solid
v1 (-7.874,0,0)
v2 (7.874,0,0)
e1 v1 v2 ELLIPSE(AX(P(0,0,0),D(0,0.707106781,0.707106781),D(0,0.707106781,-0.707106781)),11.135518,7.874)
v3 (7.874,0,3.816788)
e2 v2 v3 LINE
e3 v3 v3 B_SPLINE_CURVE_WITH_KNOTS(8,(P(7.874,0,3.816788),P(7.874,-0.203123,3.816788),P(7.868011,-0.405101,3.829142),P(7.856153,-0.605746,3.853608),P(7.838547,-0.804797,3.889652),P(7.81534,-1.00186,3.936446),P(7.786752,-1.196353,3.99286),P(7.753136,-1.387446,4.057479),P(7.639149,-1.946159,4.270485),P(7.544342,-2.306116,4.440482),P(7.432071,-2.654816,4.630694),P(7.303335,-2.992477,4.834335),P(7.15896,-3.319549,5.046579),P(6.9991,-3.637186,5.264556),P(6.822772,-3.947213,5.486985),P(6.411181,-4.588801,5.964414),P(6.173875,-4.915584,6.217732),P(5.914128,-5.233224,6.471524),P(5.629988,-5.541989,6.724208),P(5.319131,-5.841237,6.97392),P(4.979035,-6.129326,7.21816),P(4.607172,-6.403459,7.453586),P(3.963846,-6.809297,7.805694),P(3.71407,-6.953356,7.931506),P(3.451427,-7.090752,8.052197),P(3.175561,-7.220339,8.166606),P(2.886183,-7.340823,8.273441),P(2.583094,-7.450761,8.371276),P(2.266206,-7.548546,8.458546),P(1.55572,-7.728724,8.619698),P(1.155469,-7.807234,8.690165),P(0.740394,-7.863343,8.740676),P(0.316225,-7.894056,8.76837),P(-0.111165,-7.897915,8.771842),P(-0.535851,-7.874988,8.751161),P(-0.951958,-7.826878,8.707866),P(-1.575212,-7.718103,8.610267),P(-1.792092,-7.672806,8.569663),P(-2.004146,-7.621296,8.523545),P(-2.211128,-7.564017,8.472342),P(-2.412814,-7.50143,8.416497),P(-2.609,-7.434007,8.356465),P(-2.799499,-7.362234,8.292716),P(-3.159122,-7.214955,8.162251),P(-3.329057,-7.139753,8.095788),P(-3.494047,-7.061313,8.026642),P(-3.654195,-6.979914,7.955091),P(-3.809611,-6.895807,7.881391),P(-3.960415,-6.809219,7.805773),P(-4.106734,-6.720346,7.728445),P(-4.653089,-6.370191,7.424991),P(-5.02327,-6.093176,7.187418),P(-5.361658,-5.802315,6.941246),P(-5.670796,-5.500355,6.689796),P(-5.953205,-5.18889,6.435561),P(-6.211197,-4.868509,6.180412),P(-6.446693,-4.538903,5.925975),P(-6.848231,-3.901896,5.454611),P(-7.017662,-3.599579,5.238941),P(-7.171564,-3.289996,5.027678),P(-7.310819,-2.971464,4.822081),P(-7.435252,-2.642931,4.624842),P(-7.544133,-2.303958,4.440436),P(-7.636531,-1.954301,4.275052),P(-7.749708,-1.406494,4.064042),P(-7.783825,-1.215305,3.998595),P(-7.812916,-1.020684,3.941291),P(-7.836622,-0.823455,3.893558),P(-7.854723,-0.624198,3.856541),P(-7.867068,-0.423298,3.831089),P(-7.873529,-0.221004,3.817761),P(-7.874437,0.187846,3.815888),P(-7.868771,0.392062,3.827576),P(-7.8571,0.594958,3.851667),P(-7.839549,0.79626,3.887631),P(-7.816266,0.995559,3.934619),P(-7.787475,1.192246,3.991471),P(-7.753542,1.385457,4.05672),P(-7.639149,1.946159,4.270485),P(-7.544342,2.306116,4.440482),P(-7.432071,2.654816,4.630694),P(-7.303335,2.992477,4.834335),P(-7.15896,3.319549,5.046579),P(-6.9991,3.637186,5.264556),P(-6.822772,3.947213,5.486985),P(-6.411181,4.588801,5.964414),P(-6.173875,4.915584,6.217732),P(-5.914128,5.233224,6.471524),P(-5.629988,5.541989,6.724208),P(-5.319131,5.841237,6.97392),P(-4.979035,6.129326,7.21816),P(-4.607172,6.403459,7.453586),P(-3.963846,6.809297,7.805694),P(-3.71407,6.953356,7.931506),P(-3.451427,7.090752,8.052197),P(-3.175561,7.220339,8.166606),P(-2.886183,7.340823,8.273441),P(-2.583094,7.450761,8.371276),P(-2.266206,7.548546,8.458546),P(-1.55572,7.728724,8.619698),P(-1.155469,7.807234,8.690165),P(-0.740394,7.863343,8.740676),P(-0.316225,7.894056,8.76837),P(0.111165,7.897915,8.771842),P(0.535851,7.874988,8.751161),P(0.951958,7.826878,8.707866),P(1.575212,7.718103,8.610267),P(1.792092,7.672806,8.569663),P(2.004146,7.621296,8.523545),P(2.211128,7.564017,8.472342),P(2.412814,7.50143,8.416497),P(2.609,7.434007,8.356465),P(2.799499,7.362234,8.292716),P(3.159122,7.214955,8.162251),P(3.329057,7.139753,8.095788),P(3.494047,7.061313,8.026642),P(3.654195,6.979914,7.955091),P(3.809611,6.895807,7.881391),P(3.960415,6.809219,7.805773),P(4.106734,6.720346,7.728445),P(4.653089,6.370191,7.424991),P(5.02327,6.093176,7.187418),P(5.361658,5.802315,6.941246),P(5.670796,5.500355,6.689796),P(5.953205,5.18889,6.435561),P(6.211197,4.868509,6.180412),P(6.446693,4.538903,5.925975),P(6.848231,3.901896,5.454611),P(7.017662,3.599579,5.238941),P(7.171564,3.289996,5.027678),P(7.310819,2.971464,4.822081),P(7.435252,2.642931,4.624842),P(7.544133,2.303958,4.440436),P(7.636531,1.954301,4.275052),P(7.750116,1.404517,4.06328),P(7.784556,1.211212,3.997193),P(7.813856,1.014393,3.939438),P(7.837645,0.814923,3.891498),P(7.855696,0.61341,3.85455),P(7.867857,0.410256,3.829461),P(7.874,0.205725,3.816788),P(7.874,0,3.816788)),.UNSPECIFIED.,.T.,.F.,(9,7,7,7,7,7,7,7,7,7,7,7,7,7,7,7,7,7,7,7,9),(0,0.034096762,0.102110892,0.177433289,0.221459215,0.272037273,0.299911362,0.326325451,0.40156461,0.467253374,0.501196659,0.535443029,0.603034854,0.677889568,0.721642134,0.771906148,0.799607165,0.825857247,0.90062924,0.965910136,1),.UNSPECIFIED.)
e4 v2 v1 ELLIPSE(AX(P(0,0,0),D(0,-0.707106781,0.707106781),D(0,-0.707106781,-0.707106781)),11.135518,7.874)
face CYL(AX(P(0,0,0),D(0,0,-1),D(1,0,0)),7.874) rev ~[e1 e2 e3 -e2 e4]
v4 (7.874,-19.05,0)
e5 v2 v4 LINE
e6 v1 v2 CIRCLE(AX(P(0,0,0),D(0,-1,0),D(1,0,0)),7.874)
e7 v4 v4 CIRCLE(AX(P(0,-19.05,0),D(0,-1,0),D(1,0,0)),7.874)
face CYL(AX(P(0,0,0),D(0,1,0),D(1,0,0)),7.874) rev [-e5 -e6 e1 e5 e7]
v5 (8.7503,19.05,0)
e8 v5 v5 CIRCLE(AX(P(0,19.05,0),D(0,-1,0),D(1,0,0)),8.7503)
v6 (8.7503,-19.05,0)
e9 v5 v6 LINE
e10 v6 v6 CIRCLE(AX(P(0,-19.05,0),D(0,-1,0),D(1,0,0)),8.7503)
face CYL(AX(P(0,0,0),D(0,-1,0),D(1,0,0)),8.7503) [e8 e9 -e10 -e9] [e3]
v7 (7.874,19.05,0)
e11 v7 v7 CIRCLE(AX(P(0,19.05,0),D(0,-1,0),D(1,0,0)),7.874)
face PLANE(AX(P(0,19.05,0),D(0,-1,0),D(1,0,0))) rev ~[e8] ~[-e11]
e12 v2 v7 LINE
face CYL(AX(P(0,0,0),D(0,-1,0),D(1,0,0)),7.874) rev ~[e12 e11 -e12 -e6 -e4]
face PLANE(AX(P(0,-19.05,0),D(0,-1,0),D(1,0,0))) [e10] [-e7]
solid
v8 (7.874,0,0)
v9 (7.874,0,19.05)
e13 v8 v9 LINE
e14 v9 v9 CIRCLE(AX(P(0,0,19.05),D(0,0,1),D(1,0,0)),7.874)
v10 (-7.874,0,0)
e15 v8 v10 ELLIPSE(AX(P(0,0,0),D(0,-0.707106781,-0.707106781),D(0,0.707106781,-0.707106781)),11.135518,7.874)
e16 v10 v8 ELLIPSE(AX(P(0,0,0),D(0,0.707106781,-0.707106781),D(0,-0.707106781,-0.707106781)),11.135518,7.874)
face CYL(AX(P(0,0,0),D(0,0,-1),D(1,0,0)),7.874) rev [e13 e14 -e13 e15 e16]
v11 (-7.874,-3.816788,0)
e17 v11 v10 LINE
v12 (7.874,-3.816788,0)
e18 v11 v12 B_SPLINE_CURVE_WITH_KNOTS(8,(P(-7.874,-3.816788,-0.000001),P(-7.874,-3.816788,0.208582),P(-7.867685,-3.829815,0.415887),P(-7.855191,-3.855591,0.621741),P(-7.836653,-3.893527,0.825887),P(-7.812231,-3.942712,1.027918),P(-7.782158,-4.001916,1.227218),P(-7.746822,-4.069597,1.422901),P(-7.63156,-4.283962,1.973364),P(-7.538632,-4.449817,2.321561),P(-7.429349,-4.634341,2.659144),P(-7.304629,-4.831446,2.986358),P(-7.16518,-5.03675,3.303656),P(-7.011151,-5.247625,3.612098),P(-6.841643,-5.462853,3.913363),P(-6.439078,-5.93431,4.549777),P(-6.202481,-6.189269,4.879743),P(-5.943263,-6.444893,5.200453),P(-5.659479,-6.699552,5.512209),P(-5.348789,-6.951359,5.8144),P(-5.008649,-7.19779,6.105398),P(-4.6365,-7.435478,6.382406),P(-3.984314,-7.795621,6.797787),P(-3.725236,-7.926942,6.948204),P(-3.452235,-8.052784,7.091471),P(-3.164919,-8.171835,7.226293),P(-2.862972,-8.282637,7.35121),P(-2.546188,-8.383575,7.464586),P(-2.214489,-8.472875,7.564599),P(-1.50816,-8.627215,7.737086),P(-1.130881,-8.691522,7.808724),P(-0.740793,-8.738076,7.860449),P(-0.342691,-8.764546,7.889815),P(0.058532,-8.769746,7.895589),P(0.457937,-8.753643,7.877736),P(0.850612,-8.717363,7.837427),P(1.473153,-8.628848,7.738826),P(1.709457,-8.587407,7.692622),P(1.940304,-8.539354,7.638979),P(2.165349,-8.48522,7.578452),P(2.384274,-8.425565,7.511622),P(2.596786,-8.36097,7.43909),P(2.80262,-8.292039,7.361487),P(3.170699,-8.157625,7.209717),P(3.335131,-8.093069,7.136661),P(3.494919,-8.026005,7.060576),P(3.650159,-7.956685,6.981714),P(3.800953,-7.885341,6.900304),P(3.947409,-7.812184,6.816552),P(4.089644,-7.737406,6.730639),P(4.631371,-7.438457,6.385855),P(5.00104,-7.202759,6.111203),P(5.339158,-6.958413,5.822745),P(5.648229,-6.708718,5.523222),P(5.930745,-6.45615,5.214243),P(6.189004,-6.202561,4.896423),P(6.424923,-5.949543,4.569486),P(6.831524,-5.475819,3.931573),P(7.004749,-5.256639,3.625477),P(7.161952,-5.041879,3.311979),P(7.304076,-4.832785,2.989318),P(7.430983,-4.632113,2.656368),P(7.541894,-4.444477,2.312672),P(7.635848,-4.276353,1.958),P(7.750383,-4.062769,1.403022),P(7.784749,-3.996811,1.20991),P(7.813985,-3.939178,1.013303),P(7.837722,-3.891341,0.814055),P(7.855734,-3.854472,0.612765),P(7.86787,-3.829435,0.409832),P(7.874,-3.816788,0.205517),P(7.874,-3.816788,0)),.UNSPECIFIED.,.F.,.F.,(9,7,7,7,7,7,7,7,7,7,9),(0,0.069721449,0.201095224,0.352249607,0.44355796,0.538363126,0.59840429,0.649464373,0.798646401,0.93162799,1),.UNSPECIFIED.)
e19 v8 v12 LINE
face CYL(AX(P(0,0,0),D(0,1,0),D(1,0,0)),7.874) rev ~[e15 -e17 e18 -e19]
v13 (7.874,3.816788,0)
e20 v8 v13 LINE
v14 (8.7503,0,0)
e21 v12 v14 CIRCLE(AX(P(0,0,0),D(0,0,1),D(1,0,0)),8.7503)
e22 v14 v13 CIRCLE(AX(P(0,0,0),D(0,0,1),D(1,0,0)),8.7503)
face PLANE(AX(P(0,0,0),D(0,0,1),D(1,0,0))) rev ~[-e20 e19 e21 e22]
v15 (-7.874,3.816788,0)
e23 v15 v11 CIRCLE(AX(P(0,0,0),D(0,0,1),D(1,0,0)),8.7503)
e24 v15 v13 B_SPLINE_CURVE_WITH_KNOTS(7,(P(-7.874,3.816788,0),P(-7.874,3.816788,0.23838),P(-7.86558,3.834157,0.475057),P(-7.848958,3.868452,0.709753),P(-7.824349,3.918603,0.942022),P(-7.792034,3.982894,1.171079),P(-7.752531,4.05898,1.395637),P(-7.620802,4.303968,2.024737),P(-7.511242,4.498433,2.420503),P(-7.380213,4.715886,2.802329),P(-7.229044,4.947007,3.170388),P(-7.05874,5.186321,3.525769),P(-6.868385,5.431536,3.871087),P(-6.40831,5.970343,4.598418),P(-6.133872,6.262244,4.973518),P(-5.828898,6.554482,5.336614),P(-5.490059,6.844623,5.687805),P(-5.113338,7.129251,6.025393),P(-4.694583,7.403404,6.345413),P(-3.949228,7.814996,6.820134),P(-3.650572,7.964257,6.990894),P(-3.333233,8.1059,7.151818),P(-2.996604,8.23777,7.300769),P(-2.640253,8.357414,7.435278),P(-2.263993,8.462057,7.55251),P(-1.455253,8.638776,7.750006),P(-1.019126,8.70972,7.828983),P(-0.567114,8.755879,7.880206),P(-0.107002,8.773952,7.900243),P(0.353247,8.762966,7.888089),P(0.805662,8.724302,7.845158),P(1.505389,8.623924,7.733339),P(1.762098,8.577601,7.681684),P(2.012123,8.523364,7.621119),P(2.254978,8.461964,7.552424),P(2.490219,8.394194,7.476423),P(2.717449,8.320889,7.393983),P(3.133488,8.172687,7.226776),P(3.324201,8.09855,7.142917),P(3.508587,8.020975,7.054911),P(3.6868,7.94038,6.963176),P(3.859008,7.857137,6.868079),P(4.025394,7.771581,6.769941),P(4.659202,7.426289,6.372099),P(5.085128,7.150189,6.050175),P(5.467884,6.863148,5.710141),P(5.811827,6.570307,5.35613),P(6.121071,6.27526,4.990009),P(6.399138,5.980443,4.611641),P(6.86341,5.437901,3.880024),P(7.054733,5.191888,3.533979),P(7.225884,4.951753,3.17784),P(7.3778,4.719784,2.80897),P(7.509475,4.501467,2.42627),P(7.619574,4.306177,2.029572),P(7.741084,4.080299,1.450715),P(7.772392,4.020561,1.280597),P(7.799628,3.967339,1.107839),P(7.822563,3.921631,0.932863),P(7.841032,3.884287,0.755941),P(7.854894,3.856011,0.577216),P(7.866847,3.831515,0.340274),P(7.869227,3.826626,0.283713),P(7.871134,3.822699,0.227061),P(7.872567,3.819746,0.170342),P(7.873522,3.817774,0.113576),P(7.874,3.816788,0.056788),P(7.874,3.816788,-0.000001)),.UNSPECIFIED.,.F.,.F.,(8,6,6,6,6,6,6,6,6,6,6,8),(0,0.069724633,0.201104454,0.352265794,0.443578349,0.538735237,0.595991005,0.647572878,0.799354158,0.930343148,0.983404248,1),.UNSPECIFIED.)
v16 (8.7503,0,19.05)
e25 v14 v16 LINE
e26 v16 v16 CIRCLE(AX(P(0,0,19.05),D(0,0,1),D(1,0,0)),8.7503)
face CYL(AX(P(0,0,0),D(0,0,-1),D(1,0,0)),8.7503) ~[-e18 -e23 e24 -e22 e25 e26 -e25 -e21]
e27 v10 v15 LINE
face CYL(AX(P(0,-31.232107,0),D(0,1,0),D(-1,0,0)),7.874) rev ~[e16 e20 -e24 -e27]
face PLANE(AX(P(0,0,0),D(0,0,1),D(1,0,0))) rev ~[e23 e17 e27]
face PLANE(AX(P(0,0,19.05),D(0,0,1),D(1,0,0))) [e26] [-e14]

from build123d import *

# Parameters (mm, degrees)
F0_R          = 8.7503
F0_R_2        = 7.874
F2_DEPTH      = 19.05
F2_DEPTH_BACK = 19.05
F1_R          = 8.7503
F1_R_2        = 7.874
F3_DEPTH      = 19.05
F4_D          = 15.748
F4_DEPTH      = 8.7513
F5_D          = 15.748
F5_DEPTH      = 8.7513
F6_D          = 15.748


with BuildPart() as f2:
    # F0 (on Front) → F2 (new body, two sides)
    with BuildSketch(Plane.XZ) as f2_sk:
        Circle(F0_R)
        Circle(F0_R_2, mode=Mode.SUBTRACT)
    extrude(amount=F2_DEPTH)
    extrude(f2_sk.sketch, amount=-F2_DEPTH_BACK)

    # F4 (through all, one way)
    with BuildSketch(Plane(origin=(0, 0, 0), x_dir=(1, 0, 0), z_dir=(0, 0, -1))):
        with Locations((0, 0)):
            Circle(F4_D / 2)
    extrude(amount=-F4_DEPTH, mode=Mode.SUBTRACT)


with BuildPart() as f3:
    # F1 (on Top) → F3 (new body)
    with BuildSketch(Plane.XY):
        Circle(F1_R)
        Circle(F1_R_2, mode=Mode.SUBTRACT)
    extrude(amount=F3_DEPTH)

    # F5 (through all, one way)
    with BuildSketch(Plane(origin=(0, 0, 0), x_dir=(1, 0, 0), z_dir=(0, 1, 0))):
        with Locations((0, 0)):
            Circle(F5_D / 2)
    extrude(amount=-F5_DEPTH, mode=Mode.SUBTRACT)

    # F6 (through all)
    with Locations(Plane.XZ):
        with Locations((0, 0)):
            Hole(F6_D / 2)


solid = Compound([f2.part, f3.part])
